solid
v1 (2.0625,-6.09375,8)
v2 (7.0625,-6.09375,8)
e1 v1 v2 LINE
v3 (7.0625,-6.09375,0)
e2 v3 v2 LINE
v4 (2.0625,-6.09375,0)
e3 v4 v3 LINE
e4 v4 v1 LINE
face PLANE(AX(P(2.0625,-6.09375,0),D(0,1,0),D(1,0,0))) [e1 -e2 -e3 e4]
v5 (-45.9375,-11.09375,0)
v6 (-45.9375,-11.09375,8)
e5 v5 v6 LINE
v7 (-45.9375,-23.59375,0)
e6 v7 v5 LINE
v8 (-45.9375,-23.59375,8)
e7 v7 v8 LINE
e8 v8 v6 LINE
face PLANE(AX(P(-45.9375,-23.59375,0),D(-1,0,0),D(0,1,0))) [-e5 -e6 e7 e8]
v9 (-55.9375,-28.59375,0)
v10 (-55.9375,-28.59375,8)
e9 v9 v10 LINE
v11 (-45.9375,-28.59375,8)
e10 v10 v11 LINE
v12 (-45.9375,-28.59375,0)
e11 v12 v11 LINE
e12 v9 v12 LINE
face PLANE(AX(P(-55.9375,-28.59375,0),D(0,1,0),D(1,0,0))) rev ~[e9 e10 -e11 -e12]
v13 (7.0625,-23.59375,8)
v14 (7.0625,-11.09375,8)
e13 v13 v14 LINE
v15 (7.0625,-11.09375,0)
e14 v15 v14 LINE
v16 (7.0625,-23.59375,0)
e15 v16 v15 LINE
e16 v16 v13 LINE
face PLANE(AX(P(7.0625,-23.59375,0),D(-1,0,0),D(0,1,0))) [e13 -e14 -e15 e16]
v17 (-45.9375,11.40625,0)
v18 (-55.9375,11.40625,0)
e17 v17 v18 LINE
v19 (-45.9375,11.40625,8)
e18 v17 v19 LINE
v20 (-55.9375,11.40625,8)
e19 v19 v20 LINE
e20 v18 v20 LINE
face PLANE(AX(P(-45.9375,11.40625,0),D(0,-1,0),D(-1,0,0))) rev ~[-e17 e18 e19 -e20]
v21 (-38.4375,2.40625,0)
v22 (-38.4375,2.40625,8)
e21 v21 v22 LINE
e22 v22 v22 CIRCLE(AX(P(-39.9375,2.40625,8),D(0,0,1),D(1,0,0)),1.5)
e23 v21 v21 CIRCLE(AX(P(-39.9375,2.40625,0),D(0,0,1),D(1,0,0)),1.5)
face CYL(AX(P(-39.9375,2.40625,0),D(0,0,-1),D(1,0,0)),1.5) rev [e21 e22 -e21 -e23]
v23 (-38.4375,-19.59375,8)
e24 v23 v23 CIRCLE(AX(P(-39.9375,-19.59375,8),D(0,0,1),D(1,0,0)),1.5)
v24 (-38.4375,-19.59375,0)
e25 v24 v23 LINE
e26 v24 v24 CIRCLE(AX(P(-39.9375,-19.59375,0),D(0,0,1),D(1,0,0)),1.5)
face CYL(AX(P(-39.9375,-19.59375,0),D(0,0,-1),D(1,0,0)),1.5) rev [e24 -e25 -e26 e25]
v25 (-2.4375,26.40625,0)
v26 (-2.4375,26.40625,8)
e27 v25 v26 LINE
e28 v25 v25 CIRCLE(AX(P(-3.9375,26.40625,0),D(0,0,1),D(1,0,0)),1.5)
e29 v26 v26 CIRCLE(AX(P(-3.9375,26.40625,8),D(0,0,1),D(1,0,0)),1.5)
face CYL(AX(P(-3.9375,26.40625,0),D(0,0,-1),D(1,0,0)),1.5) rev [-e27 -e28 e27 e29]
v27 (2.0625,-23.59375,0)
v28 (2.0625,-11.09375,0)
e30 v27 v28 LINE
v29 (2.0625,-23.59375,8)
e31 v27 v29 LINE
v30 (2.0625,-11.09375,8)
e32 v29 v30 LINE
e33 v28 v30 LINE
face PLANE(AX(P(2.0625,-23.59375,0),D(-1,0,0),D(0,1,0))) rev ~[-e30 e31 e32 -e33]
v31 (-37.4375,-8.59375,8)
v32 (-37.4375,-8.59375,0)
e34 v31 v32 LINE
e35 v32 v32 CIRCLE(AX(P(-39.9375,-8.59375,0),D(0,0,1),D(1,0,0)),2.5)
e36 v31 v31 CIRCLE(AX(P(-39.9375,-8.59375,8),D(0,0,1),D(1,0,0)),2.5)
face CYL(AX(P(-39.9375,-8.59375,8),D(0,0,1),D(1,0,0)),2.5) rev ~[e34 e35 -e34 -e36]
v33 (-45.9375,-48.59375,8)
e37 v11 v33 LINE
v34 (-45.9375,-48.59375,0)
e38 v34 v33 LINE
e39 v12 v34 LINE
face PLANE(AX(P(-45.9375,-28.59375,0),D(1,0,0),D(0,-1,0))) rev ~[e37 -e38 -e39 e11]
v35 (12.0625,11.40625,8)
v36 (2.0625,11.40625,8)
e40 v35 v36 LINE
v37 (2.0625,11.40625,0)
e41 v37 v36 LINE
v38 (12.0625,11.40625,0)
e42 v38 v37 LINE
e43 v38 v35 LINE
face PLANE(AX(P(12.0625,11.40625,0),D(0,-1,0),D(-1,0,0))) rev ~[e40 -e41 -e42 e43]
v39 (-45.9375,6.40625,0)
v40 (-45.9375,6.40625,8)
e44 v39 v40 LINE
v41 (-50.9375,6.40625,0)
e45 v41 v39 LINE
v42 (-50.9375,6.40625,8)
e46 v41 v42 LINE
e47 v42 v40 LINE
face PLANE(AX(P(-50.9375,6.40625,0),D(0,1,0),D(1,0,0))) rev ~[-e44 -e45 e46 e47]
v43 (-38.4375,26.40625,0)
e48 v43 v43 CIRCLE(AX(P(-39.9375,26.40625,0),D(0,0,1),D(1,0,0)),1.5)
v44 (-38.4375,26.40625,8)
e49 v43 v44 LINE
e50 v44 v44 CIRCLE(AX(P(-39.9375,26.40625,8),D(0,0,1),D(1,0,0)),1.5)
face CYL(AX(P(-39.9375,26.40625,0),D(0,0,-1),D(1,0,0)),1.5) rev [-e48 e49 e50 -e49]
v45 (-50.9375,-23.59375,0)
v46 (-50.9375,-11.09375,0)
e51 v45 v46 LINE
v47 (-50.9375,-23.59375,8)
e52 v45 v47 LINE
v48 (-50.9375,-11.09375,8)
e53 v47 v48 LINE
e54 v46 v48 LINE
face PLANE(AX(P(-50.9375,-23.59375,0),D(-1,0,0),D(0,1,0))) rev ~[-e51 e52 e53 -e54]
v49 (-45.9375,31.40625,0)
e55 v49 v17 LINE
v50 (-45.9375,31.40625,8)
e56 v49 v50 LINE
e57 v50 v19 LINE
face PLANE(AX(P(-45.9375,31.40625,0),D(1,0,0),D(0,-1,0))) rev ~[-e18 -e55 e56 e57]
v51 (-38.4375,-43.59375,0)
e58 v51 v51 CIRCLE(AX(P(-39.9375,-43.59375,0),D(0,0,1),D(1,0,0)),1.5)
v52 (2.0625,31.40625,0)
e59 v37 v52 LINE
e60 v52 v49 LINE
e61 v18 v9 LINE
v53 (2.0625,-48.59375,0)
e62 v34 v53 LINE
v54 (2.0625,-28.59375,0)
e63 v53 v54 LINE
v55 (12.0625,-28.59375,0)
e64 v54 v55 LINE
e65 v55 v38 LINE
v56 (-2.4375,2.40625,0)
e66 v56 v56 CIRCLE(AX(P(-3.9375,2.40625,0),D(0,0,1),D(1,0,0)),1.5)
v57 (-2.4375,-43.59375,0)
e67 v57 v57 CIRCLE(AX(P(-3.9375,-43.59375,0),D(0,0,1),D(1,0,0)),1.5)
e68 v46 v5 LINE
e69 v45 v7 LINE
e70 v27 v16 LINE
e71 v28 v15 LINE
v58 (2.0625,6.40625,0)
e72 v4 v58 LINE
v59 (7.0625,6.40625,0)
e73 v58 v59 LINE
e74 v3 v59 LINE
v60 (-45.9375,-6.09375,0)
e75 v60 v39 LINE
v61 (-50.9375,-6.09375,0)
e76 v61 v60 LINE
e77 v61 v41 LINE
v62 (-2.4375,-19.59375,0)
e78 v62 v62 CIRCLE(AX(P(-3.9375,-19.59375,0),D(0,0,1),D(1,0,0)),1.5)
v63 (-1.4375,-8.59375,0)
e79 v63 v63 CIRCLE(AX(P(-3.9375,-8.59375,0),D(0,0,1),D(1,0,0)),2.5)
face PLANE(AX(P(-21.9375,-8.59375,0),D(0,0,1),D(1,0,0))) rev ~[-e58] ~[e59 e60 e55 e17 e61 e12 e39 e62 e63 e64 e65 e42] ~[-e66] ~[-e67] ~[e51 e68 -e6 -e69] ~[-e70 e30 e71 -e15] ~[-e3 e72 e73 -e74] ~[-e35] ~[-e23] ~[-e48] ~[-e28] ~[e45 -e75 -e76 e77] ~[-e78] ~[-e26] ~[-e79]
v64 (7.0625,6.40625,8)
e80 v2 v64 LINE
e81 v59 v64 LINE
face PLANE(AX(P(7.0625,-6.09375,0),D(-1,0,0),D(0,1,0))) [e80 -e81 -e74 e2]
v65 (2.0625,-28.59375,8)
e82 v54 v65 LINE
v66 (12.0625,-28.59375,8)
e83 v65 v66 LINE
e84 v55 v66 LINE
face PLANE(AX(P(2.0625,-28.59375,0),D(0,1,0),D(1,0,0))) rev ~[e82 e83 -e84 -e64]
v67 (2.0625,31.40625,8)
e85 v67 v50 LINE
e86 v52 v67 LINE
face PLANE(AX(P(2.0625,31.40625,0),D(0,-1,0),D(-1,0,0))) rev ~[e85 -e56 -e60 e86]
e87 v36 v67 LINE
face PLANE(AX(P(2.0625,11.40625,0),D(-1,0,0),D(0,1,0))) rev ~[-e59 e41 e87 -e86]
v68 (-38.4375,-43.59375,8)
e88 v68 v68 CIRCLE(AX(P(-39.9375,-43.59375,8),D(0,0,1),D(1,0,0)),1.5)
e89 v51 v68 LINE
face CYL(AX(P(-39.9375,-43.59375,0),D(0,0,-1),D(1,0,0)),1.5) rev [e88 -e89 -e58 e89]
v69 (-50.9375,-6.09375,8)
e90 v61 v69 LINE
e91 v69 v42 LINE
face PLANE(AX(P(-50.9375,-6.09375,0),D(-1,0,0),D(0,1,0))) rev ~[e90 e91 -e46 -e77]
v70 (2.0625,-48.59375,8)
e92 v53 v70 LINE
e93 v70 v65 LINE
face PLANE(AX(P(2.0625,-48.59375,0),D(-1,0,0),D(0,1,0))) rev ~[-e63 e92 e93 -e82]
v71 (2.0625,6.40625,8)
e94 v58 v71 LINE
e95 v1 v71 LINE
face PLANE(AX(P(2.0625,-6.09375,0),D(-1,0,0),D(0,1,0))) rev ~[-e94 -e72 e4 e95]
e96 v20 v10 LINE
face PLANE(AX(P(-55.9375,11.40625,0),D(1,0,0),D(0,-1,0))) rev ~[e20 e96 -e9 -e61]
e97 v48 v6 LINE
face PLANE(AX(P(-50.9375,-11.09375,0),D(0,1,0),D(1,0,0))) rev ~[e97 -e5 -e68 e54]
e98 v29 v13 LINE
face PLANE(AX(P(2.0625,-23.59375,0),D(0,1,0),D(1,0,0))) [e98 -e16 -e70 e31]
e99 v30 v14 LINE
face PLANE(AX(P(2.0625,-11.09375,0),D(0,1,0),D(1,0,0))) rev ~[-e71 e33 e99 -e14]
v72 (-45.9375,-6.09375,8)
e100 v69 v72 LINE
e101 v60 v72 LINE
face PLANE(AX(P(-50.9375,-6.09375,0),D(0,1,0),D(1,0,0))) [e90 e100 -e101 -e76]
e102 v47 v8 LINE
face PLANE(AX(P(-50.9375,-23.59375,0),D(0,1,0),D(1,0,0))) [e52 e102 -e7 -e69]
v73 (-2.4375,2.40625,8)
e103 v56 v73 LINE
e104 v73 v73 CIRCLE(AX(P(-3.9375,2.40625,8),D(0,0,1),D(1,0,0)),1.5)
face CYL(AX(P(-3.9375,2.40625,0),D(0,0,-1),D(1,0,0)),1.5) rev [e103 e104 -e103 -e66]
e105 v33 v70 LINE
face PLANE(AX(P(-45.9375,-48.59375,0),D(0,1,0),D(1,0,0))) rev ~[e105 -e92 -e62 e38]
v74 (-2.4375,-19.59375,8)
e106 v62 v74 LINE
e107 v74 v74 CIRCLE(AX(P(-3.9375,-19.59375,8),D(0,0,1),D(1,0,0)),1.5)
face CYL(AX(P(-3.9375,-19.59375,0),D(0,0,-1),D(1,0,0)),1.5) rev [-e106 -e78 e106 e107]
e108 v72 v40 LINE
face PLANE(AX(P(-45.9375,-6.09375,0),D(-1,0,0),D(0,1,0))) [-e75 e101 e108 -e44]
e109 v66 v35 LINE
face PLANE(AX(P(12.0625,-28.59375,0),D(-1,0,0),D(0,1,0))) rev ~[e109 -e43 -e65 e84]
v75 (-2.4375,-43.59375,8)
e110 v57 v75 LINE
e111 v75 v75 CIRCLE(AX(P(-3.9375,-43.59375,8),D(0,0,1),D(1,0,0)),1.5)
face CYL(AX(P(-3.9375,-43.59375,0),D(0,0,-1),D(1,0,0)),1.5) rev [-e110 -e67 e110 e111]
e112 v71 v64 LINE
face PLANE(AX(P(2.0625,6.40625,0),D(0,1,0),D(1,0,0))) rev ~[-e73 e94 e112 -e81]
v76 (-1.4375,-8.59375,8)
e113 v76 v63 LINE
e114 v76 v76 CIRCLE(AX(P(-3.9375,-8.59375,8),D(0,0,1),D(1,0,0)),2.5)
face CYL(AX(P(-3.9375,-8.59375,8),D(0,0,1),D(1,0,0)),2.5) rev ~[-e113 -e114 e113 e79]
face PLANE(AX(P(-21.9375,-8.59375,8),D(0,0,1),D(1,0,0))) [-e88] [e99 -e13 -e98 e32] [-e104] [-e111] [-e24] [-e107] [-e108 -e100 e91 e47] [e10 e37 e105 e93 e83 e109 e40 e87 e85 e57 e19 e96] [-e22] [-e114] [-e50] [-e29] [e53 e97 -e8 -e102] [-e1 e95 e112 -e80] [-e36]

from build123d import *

# Parameters (mm, degrees)
SKETCH_1_W          = 5
SKETCH_1_H          = 12.5
SKETCH_1_R          = 1.5
EXTRUDE_1_DEPTH     = 8
SKETCH_2_R          = 2.5
CUT_EXTRUDE_1_DEPTH = 10


with BuildPart() as part:
    # 草图1 → 凸台-拉伸1 (new body)
    with BuildSketch(Plane.XY):
        Polygon((2.0625, 31.40625), (-45.9375, 31.40625), (-45.9375, 11.40625), (-55.9375, 11.40625), (-55.9375, -28.59375), (-45.9375, -28.59375), (-45.9375, -48.59375), (2.0625, -48.59375), (2.0625, -28.59375), (12.0625, -28.59375), (12.0625, 11.40625), (2.0625, 11.40625), align=None)
        with Locations((4.5625, 0.15625)):
            Rectangle(SKETCH_1_W, SKETCH_1_H, mode=Mode.SUBTRACT)
        with Locations((4.5625, -17.34375)):
            Rectangle(SKETCH_1_W, SKETCH_1_H, mode=Mode.SUBTRACT)
        with Locations((-39.9375, -43.59375)):
            Circle(SKETCH_1_R, mode=Mode.SUBTRACT)
        with Locations((-39.9375, -19.59375)):
            Circle(SKETCH_1_R, mode=Mode.SUBTRACT)
        with Locations((-48.4375, -17.34375)):
            Rectangle(SKETCH_1_W, SKETCH_1_H, mode=Mode.SUBTRACT)
        with Locations((-3.9375, -43.59375)):
            Circle(SKETCH_1_R, mode=Mode.SUBTRACT)
        with Locations((-3.9375, -19.59375)):
            Circle(SKETCH_1_R, mode=Mode.SUBTRACT)
        with Locations((-48.4375, 0.15625)):
            Rectangle(SKETCH_1_W, SKETCH_1_H, mode=Mode.SUBTRACT)
        with Locations((-39.9375, 2.40625)):
            Circle(SKETCH_1_R, mode=Mode.SUBTRACT)
        with Locations((-39.9375, 26.40625)):
            Circle(SKETCH_1_R, mode=Mode.SUBTRACT)
        with Locations((-3.9375, 2.40625)):
            Circle(SKETCH_1_R, mode=Mode.SUBTRACT)
        with Locations((-3.9375, 26.40625)):
            Circle(SKETCH_1_R, mode=Mode.SUBTRACT)
    extrude(amount=EXTRUDE_1_DEPTH)

    # 草图2 → 切除-拉伸1 (cut)
    with BuildSketch(Plane.XY.offset(8)):
        with Locations((-39.9375, -8.59375)):
            Circle(SKETCH_2_R)
        with Locations((-3.9375, -8.59375)):
            Circle(SKETCH_2_R)
    extrude(amount=-CUT_EXTRUDE_1_DEPTH, mode=Mode.SUBTRACT)


solid = part.part
